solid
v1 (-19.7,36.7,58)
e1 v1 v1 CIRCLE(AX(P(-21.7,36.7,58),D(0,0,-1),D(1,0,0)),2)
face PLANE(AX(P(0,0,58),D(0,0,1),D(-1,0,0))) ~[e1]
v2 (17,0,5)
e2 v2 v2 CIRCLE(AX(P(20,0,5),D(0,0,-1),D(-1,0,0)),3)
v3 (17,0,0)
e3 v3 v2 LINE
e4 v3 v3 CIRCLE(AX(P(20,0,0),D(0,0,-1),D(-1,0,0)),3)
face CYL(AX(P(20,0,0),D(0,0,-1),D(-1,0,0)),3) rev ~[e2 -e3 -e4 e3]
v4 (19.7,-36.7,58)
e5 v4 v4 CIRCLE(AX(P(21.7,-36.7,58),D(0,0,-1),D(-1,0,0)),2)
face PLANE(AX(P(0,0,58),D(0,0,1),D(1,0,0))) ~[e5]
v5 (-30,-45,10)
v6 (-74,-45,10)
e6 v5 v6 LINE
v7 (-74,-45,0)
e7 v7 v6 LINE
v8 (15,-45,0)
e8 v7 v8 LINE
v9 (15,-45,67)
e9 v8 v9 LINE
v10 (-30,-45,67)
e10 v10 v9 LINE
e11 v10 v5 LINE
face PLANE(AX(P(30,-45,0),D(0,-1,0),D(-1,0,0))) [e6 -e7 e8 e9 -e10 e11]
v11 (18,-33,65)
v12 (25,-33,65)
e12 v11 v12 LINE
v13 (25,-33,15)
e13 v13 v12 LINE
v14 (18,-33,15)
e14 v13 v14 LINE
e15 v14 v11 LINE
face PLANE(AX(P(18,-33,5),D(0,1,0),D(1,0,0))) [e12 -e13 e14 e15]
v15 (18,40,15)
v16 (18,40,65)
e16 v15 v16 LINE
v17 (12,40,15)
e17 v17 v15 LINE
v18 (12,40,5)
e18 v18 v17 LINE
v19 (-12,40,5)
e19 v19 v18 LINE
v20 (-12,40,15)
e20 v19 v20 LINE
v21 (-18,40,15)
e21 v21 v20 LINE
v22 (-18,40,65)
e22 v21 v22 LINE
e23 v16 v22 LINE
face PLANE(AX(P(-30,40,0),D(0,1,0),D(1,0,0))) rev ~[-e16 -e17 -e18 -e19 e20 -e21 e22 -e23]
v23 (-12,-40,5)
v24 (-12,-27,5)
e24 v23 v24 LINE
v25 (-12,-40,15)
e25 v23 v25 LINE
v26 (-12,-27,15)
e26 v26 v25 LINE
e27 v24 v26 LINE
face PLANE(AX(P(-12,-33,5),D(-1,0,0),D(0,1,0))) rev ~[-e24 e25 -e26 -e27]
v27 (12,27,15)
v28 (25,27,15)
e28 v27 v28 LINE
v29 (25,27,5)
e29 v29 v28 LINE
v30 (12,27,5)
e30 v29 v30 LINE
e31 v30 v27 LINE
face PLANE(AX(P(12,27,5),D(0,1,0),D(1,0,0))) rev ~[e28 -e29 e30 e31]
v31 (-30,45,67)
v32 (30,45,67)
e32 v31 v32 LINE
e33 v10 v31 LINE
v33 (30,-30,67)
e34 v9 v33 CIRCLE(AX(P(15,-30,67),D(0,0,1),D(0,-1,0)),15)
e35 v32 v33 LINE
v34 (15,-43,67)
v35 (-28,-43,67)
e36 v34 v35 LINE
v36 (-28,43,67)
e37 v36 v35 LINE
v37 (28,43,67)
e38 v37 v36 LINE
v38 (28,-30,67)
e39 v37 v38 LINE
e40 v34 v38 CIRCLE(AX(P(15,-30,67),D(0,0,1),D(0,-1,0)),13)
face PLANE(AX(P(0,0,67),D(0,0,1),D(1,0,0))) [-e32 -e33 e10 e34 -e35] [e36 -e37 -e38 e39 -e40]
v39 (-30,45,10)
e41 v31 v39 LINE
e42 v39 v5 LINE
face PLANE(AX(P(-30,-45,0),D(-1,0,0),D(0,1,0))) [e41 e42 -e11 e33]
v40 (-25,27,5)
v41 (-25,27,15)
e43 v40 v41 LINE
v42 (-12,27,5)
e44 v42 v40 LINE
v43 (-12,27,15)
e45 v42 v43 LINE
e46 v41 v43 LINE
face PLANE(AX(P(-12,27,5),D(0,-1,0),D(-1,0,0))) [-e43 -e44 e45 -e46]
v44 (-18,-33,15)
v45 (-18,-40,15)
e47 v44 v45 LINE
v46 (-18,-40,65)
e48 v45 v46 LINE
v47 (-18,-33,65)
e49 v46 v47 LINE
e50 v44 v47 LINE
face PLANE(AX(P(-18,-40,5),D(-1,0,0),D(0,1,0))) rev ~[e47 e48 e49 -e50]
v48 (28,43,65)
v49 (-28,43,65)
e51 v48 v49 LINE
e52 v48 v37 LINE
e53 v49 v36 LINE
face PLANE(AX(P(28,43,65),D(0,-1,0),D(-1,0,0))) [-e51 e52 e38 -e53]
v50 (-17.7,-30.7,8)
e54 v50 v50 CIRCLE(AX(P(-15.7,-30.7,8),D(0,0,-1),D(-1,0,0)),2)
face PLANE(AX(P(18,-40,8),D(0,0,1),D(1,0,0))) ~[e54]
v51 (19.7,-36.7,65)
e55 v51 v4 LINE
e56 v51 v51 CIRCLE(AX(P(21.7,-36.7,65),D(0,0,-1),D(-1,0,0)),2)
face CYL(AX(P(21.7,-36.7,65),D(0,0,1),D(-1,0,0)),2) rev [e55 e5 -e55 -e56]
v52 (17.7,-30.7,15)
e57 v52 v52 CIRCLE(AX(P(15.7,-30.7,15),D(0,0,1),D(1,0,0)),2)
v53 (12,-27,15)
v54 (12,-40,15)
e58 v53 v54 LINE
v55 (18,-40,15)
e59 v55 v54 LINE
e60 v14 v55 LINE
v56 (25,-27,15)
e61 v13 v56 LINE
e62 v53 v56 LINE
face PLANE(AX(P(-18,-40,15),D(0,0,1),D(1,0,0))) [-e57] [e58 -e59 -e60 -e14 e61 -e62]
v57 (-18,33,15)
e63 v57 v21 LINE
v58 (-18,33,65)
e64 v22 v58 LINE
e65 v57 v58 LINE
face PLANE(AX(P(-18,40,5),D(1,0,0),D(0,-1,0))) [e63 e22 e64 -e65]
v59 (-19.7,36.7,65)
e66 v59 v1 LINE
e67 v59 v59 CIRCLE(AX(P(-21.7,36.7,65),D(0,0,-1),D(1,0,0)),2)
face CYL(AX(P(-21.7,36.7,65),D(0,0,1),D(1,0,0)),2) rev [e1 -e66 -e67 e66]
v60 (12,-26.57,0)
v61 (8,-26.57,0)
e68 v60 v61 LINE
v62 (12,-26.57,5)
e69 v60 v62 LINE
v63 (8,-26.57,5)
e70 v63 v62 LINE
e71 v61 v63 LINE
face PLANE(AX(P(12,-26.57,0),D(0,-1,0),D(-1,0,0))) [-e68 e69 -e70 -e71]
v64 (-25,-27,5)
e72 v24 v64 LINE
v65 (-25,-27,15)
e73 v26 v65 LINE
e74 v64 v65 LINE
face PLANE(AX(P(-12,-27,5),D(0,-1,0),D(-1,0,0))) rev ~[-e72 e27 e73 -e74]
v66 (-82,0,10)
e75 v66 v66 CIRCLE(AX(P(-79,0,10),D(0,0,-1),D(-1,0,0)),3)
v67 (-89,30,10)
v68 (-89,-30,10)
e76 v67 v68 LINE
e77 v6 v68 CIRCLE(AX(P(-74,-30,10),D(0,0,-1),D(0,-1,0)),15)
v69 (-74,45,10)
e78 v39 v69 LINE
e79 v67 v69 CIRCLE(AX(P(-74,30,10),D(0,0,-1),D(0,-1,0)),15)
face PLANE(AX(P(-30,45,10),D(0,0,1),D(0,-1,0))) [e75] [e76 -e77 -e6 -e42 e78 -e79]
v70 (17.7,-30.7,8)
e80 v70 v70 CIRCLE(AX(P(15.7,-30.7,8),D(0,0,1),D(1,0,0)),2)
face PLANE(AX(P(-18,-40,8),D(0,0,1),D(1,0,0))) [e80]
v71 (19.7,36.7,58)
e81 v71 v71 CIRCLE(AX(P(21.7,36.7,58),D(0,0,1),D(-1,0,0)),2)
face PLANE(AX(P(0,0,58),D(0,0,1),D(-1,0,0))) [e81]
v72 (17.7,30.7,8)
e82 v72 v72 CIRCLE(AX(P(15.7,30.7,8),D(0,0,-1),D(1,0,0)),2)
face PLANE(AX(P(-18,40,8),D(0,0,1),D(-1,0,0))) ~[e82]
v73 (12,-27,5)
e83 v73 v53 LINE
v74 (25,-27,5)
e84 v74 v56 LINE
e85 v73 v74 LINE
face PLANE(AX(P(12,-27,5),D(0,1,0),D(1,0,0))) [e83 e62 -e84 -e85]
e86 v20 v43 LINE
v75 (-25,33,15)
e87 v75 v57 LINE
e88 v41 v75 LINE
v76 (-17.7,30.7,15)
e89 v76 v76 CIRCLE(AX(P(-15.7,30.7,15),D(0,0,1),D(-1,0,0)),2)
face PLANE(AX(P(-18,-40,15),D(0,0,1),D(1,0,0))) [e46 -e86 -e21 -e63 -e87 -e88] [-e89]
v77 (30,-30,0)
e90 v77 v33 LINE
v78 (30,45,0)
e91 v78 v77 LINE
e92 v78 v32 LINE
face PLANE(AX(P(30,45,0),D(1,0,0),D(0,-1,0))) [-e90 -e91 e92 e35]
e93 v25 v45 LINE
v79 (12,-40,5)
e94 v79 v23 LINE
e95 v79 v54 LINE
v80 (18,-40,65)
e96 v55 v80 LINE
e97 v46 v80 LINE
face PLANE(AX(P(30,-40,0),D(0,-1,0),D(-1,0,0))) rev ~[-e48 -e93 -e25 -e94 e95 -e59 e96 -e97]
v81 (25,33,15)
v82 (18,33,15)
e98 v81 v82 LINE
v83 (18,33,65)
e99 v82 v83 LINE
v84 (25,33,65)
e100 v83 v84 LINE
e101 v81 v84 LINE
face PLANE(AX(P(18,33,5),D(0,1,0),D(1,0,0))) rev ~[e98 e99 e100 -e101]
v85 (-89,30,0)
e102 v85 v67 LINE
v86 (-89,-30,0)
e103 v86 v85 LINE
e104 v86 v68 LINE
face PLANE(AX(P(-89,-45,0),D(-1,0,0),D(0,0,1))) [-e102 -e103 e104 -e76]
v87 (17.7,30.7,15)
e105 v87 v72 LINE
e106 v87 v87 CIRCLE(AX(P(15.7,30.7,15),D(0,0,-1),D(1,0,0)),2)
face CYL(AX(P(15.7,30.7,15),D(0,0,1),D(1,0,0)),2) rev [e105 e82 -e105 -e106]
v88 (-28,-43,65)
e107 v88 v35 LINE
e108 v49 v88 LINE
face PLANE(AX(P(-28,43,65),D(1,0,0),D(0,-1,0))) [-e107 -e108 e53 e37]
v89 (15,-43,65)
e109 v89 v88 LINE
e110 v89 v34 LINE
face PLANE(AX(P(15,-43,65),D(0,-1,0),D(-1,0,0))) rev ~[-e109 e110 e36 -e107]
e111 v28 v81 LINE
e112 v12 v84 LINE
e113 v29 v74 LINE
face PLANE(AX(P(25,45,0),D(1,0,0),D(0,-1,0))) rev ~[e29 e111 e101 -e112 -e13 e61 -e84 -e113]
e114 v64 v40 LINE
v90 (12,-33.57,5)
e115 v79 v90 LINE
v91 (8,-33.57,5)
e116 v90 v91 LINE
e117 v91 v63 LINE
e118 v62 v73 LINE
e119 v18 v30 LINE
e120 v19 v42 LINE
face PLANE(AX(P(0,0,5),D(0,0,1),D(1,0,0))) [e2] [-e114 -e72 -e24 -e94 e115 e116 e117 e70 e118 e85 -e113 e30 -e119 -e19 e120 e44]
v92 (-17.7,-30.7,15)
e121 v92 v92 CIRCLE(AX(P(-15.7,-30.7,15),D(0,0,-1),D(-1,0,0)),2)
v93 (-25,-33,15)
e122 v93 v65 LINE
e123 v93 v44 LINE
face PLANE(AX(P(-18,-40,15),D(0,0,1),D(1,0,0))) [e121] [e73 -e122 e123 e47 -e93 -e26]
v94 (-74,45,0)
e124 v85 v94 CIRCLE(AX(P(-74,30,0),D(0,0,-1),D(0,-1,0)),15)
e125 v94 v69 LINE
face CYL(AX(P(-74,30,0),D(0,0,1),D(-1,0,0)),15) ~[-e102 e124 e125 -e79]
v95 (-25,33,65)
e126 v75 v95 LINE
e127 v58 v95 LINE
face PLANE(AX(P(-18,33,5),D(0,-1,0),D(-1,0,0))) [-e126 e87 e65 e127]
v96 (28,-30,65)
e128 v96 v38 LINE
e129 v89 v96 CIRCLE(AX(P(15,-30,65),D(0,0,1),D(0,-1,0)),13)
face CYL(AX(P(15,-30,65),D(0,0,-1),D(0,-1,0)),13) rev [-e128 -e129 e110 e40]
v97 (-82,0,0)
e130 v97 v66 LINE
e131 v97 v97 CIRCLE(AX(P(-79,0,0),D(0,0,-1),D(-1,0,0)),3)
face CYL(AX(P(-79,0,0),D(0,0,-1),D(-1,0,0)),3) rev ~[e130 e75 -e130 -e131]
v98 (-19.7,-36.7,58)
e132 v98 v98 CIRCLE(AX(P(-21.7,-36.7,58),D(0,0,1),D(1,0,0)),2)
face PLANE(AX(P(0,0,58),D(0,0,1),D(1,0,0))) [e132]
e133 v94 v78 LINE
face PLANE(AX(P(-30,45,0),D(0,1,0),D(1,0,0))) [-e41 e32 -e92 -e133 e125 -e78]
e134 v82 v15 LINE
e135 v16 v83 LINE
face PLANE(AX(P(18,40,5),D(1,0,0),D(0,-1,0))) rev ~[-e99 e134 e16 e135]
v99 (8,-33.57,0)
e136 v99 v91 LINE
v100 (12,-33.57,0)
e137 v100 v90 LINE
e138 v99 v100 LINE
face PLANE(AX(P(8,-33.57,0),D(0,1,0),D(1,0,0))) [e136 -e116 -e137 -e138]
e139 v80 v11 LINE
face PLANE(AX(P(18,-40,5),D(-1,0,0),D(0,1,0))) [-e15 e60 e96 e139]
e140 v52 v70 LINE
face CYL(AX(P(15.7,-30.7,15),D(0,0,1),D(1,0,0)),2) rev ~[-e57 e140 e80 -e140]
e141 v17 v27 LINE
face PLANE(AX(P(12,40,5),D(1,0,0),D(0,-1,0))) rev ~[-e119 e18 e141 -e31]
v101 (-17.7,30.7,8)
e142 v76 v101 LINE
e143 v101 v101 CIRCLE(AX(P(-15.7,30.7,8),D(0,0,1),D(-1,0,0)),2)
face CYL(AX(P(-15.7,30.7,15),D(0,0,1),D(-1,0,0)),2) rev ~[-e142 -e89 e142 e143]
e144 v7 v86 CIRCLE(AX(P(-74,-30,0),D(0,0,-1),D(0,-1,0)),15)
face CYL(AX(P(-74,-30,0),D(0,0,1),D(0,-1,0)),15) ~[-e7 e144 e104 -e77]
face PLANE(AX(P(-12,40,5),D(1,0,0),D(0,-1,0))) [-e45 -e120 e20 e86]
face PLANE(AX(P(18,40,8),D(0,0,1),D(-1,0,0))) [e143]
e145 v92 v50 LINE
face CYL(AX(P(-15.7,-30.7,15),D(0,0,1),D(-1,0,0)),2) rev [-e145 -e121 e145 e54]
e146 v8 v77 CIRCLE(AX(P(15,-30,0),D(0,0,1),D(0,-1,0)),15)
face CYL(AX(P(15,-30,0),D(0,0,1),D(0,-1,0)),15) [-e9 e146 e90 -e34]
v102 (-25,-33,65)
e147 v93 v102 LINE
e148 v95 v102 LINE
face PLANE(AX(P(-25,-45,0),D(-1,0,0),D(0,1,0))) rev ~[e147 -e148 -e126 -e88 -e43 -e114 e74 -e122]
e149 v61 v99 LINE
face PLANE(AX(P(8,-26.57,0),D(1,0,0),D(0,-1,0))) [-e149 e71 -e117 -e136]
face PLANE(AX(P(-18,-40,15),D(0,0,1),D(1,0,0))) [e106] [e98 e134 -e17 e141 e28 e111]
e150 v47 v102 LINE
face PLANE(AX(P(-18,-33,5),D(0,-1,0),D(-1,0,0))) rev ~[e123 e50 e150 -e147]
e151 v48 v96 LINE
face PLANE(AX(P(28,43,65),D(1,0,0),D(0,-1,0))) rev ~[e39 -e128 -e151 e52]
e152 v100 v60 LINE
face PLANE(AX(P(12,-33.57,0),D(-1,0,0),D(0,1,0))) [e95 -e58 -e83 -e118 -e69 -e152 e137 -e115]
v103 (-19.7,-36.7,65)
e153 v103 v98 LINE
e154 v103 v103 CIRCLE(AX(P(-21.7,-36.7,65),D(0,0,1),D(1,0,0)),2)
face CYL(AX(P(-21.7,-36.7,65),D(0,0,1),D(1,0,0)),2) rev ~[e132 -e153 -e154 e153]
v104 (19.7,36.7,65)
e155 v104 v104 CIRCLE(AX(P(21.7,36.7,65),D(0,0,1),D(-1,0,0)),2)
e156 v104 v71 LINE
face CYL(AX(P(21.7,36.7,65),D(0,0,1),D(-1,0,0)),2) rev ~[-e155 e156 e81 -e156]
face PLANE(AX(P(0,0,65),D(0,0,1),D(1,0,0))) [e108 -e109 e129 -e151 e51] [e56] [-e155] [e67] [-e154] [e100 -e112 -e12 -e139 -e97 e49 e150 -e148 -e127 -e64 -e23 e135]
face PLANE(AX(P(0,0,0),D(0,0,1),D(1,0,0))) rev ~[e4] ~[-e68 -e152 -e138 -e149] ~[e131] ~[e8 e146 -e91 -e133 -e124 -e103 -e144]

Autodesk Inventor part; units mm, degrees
ref_plane "YZ Plane" through (0, 0, 0) normal (1, 0, 0) x (0, 1, 0)
ref_plane "XZ Plane" through (0, 0, 0) normal (0, 1, 0) x (-1, 0, 0)
ref_plane "XY Plane" through (0, 0, 0) normal (0, 0, 1) x (1, 0, 0)
sketch "Skizze61" plane through (0, 0, 0) normal (0, 0, 1) x (1, 0, 0)
  line L0 (30, -45) -> (-30, -45)
  line L1 (-30, -45) -> (-30, 45)
  line L2 (-30, 45) -> (30, 45)
  line L3 (30, 45) -> (30, -45)
  line L4 (30, -45) -> (-30, 45) construction
  line L5 (-30, -45) -> (30, 45) construction
  point P0 (0, 0)
  dimension "d159" = 60
  dimension "d160" = 90
extrude "Extrusion54" add sketch "Skizze61" along normal blind 65
shell "Wandung3" thickness 5 removed faces 1 at (-10, 15, 65)
sketch "Sketch69" plane through (-30, -45, 0) normal (-1, 0, 0) x (0, 0, 1)
  line L0 (0, 90) -> (65, 90) projected
  line L1 (0, 0) -> (65, 0) projected
  line L2 (0, 90) -> (10, 90)
  line L3 (10, 90) -> (10, 0)
  line L4 (10, 0) -> (0, 0)
  line L5 (0, 0) -> (0, 90)
  point P0 (0, 45)
  dimension "d192" = 10
extrude "Extrusion61" add sketch "Sketch69" along normal blind 59
sketch "Sketch71" plane through (0, 0, 0) normal (0, 0, -1) x (-1, 0, 0)
  line L0 (-8, -33.57) -> (-12, -33.57)
  line L1 (-12, -33.57) -> (-12, -26.57)
  line L2 (-12, -26.57) -> (-8, -26.57)
  line L3 (-8, -26.57) -> (-8, -33.57)
  line L4 (89, 45) -> (89, -45) projected
  line L5 (-30, -45) -> (89, -45) projected
  point P0 (0, 0)
  dimension "d199" = 4
  dimension "d200" = 7
  dimension "d201" = 97
  dimension "d202" = 11.43
extrude "Extrusion63" cut sketch "Sketch71" against normal blind 10
sketch "Sketch70" plane through (0, 0, 0) normal (0, 0, -1) x (-1, 0, 0)
  line L0 (30, 45) -> (89, 45) projected
  line L1 (30, -45) -> (89, -45) projected
  line L2 (89, 45) -> (69, 45)
  line L3 (69, 45) -> (69, -45)
  line L4 (69, -45) -> (89, -45)
  line L5 (89, -45) -> (89, 45)
  circle A0 centre (79, 0) radius 3
  point P0 (0, 0)
  dimension "d195" = 20
  dimension "d196" = 6
extrude "Extrusion62" cut sketch "Sketch70" against normal through all contours A0
sketch "Sketch72" plane through (0, 0, 0) normal (0, 0, -1) x (-1, 0, 0)
  circle A0 centre (-20, 0) radius 3
  line L0 (-30, -45) -> (-30, 45) projected
  point P0 (0, 0)
  dimension "d205" = 6
  dimension "d206" = 10
extrude "Extrusion64" cut sketch "Sketch72" against normal through all
sketch "Sketch73" plane through (0, 0, 0) normal (0, 0, -1) x (-1, 0, 0)
  point P0 (0, 0)
fillet "Rundung1" radius 15 2 edges at (-89, 45, 5) (-89, -45, 5)
fillet "Rundung2" radius 15 1 edges at (30, -45, 32.5)
sketch "Skizze78" plane through (-25, 40, 5) normal (0, 0, 1) x (1, 0, 0)
  line L0 (0, 0) -> (7, 0)
  line L1 (7, 0) -> (7, -7)
  line L2 (7, -7) -> (0, -7)
  line L3 (0, -7) -> (0, 0)
  line L4 (50, -80) -> (50, 0) projected
  line L5 (50, 0) -> (43, 0)
  line L6 (43, 0) -> (43, -7)
  line L7 (43, -7) -> (50, -7)
  line L8 (50, -7) -> (50, 0)
  line L9 (50, -80) -> (0, -80) projected
  line L10 (0, -80) -> (7, -80)
  line L11 (7, -80) -> (7, -73)
  line L12 (7, -73) -> (0, -73)
  line L13 (0, -73) -> (0, -80)
  line L14 (50, -80) -> (43, -80)
  line L15 (43, -80) -> (43, -73)
  line L16 (43, -73) -> (50, -73)
  line L17 (50, -73) -> (50, -80)
  point P0 (25, -40)
  dimension "d239" = 7
  dimension "d240" = 7
  dimension "d241" = 7
  dimension "d242" = 7
  dimension "d243" = 7
  dimension "d244" = 7
  dimension "d245" = 7
  dimension "d246" = 7
extrude "Extrusion68" add sketch "Skizze78" along normal up to surface (60 mm away)
sketch "Skizze79" plane through (0, 0, 65) normal (0, 0, 1) x (1, 0, 0)
  line L0 (30, 45) -> (-30, 45) projected
  line L1 (-30, -45) -> (15, -45) projected
  line L2 (-30, 45) -> (-28, 45)
  line L3 (-28, 45) -> (-28, -45)
  line L4 (-28, -45) -> (-30, -45)
  line L5 (-30, -45) -> (-30, 45)
  line L6 (30, -30) -> (30, 45) projected
  line L7 (-28, 45) -> (30, 45)
  line L8 (30, 45) -> (30, 43)
  line L9 (30, 43) -> (-28, 43)
  line L10 (-28, 43) -> (-28, 45)
  line L11 (30, 43) -> (28, 43)
  line L12 (28, 43) -> (28, -30)
  line L13 (28, -30) -> (30, -30)
  line L14 (30, -30) -> (30, 43)
  line L15 (-28, -45) -> (15, -45)
  line L16 (15, -45) -> (15, -43)
  line L17 (15, -43) -> (-28, -43)
  line L18 (-28, -43) -> (-28, -45)
  arc A0 (15, -45) -> (30, -30) centre (15, -30) ccw projected
  arc A1 (15, -45) -> (30, -30) centre (15, -30) ccw
  arc A2 (15, -43) -> (28, -30) centre (15, -30) ccw
  point P0 (0, 0)
  point P1 (-28, -43)
  point P2 (29, -30)
  dimension "d249" = 2
  dimension "d250" = 2
  dimension "d251" = 2
  dimension "d252" = 2
  dimension "d268" = 75
extrude "Extrusion69" add sketch "Skizze79" along normal blind 2 contours L6 L9 L3 L0 | L3 L1 L5 L0 | L6 L13 L12 L9 | A0 L16 A2 L13 | L17 L16 L1 L3
sketch "Skizze80" plane through (-18, -40, 5) normal (0, 0, 1) x (1, 0, 0)
  line L0 (0, 80) -> (36, 80) projected
  line L1 (0, 80) -> (6, 80)
  line L2 (6, 80) -> (6, 67)
  line L3 (6, 67) -> (0, 67)
  line L4 (0, 67) -> (0, 80)
  line L5 (-7, 7) -> (-7, 73) projected
  line L6 (0, 67) -> (-7, 67)
  line L7 (-7, 67) -> (-7, 73)
  line L8 (-7, 73) -> (0, 73)
  line L9 (0, 73) -> (0, 67)
  line L10 (36, 73) -> (36, 80) projected
  line L11 (36, 80) -> (30, 80)
  line L12 (30, 80) -> (30, 67)
  line L13 (30, 67) -> (36, 67)
  line L14 (36, 67) -> (36, 80)
  line L15 (43, 7) -> (43, 73) projected
  line L16 (36, 67) -> (43, 67)
  line L17 (43, 67) -> (43, 73)
  line L18 (43, 73) -> (36, 73)
  line L19 (36, 73) -> (36, 67)
  line L20 (-7, 7) -> (6, 7)
  line L21 (6, 7) -> (6, 13)
  line L22 (6, 13) -> (-7, 13)
  line L23 (-7, 13) -> (-7, 7)
  line L24 (36, 0) -> (0, 0) projected
  line L25 (6, 7) -> (0, 7)
  line L26 (0, 7) -> (0, 0)
  line L27 (0, 0) -> (6, 0)
  line L28 (6, 0) -> (6, 7)
  line L29 (43, 7) -> (30, 7)
  line L30 (30, 7) -> (30, 13)
  line L31 (30, 13) -> (43, 13)
  line L32 (43, 13) -> (43, 7)
  line L33 (36, 0) -> (30, 0)
  line L34 (30, 0) -> (30, 7)
  line L35 (30, 7) -> (36, 7)
  line L36 (36, 7) -> (36, 0)
  point P0 (18, 40)
  point P1 (43, 7)
  point P2 (43, 13)
  point P3 (30, 0)
  point P4 (-7, 13)
  point P5 (6, 0)
  point P6 (36, 73)
  point P7 (0, 73)
  point P8 (-7, 67)
  dimension "d255" = 6
  dimension "d256" = 13
  dimension "d257" = 6
  dimension "d258" = 13
  dimension "d259" = 7
  dimension "d260" = 6
  dimension "d261" = 13
  dimension "d262" = 6
  dimension "d263" = 6
  dimension "d264" = 13
  dimension "d265" = 6
  dimension "d274" = 13
extrude "Extrusion70" add sketch "Skizze80" along normal blind 10 contours L0 L2 L3 L4 | L4 L6 L5 L8 | L0 L10 L14 L13 L12 | L18 L15 L16 L14 | L22 L21 L20 L5 | L15 L29 L30 L31 | L20 L28 L24 L26 | L36 L24 L34 L29
sketch "Skizze81" plane through (0, 0, 65) normal (0, 0, 1) x (1, 0, 0)
  circle A0 centre (-21.7, -36.7) radius 2
  line L0 (-18, -33) -> (-18, -40) projected
  line L1 (-25, -33) -> (-18, -33) projected
  point P0 (0, 0)
  dimension "d269" = 3.7
  dimension "d270" = 3.7
  dimension "d271" = 4
extrude "Extrusion71" cut sketch "Skizze81" against normal blind 7
mirror "Spiegeln11" about plane through (0, 0, 0) normal (1, 0, 0) of "Extrusion71"
mirror "Spiegeln12" about plane through (0, 0, 0) normal (0, 1, 0) of "Extrusion71", "Spiegeln11"
sketch "Skizze82" plane through (-18, -40, 15) normal (0, 0, 1) x (1, 0, 0)
  circle A0 centre (33.7, 9.3) radius 2
  line L0 (30, 13) -> (30, 0) projected
  line L1 (43, 13) -> (30, 13) projected
  point P0 (18, 40)
  dimension "d275" = 4
  dimension "d276" = 3.7
  dimension "d277" = 3.7
extrude "Extrusion72" cut sketch "Skizze82" against normal blind 7
mirror "Spiegeln13" about plane through (0, 0, 0) normal (0, 1, 0) of "Extrusion72"
mirror "Spiegeln14" about plane through (0, 0, 0) normal (1, 0, 0) of "Extrusion72", "Spiegeln13"
properties part number "Gehäuse"
